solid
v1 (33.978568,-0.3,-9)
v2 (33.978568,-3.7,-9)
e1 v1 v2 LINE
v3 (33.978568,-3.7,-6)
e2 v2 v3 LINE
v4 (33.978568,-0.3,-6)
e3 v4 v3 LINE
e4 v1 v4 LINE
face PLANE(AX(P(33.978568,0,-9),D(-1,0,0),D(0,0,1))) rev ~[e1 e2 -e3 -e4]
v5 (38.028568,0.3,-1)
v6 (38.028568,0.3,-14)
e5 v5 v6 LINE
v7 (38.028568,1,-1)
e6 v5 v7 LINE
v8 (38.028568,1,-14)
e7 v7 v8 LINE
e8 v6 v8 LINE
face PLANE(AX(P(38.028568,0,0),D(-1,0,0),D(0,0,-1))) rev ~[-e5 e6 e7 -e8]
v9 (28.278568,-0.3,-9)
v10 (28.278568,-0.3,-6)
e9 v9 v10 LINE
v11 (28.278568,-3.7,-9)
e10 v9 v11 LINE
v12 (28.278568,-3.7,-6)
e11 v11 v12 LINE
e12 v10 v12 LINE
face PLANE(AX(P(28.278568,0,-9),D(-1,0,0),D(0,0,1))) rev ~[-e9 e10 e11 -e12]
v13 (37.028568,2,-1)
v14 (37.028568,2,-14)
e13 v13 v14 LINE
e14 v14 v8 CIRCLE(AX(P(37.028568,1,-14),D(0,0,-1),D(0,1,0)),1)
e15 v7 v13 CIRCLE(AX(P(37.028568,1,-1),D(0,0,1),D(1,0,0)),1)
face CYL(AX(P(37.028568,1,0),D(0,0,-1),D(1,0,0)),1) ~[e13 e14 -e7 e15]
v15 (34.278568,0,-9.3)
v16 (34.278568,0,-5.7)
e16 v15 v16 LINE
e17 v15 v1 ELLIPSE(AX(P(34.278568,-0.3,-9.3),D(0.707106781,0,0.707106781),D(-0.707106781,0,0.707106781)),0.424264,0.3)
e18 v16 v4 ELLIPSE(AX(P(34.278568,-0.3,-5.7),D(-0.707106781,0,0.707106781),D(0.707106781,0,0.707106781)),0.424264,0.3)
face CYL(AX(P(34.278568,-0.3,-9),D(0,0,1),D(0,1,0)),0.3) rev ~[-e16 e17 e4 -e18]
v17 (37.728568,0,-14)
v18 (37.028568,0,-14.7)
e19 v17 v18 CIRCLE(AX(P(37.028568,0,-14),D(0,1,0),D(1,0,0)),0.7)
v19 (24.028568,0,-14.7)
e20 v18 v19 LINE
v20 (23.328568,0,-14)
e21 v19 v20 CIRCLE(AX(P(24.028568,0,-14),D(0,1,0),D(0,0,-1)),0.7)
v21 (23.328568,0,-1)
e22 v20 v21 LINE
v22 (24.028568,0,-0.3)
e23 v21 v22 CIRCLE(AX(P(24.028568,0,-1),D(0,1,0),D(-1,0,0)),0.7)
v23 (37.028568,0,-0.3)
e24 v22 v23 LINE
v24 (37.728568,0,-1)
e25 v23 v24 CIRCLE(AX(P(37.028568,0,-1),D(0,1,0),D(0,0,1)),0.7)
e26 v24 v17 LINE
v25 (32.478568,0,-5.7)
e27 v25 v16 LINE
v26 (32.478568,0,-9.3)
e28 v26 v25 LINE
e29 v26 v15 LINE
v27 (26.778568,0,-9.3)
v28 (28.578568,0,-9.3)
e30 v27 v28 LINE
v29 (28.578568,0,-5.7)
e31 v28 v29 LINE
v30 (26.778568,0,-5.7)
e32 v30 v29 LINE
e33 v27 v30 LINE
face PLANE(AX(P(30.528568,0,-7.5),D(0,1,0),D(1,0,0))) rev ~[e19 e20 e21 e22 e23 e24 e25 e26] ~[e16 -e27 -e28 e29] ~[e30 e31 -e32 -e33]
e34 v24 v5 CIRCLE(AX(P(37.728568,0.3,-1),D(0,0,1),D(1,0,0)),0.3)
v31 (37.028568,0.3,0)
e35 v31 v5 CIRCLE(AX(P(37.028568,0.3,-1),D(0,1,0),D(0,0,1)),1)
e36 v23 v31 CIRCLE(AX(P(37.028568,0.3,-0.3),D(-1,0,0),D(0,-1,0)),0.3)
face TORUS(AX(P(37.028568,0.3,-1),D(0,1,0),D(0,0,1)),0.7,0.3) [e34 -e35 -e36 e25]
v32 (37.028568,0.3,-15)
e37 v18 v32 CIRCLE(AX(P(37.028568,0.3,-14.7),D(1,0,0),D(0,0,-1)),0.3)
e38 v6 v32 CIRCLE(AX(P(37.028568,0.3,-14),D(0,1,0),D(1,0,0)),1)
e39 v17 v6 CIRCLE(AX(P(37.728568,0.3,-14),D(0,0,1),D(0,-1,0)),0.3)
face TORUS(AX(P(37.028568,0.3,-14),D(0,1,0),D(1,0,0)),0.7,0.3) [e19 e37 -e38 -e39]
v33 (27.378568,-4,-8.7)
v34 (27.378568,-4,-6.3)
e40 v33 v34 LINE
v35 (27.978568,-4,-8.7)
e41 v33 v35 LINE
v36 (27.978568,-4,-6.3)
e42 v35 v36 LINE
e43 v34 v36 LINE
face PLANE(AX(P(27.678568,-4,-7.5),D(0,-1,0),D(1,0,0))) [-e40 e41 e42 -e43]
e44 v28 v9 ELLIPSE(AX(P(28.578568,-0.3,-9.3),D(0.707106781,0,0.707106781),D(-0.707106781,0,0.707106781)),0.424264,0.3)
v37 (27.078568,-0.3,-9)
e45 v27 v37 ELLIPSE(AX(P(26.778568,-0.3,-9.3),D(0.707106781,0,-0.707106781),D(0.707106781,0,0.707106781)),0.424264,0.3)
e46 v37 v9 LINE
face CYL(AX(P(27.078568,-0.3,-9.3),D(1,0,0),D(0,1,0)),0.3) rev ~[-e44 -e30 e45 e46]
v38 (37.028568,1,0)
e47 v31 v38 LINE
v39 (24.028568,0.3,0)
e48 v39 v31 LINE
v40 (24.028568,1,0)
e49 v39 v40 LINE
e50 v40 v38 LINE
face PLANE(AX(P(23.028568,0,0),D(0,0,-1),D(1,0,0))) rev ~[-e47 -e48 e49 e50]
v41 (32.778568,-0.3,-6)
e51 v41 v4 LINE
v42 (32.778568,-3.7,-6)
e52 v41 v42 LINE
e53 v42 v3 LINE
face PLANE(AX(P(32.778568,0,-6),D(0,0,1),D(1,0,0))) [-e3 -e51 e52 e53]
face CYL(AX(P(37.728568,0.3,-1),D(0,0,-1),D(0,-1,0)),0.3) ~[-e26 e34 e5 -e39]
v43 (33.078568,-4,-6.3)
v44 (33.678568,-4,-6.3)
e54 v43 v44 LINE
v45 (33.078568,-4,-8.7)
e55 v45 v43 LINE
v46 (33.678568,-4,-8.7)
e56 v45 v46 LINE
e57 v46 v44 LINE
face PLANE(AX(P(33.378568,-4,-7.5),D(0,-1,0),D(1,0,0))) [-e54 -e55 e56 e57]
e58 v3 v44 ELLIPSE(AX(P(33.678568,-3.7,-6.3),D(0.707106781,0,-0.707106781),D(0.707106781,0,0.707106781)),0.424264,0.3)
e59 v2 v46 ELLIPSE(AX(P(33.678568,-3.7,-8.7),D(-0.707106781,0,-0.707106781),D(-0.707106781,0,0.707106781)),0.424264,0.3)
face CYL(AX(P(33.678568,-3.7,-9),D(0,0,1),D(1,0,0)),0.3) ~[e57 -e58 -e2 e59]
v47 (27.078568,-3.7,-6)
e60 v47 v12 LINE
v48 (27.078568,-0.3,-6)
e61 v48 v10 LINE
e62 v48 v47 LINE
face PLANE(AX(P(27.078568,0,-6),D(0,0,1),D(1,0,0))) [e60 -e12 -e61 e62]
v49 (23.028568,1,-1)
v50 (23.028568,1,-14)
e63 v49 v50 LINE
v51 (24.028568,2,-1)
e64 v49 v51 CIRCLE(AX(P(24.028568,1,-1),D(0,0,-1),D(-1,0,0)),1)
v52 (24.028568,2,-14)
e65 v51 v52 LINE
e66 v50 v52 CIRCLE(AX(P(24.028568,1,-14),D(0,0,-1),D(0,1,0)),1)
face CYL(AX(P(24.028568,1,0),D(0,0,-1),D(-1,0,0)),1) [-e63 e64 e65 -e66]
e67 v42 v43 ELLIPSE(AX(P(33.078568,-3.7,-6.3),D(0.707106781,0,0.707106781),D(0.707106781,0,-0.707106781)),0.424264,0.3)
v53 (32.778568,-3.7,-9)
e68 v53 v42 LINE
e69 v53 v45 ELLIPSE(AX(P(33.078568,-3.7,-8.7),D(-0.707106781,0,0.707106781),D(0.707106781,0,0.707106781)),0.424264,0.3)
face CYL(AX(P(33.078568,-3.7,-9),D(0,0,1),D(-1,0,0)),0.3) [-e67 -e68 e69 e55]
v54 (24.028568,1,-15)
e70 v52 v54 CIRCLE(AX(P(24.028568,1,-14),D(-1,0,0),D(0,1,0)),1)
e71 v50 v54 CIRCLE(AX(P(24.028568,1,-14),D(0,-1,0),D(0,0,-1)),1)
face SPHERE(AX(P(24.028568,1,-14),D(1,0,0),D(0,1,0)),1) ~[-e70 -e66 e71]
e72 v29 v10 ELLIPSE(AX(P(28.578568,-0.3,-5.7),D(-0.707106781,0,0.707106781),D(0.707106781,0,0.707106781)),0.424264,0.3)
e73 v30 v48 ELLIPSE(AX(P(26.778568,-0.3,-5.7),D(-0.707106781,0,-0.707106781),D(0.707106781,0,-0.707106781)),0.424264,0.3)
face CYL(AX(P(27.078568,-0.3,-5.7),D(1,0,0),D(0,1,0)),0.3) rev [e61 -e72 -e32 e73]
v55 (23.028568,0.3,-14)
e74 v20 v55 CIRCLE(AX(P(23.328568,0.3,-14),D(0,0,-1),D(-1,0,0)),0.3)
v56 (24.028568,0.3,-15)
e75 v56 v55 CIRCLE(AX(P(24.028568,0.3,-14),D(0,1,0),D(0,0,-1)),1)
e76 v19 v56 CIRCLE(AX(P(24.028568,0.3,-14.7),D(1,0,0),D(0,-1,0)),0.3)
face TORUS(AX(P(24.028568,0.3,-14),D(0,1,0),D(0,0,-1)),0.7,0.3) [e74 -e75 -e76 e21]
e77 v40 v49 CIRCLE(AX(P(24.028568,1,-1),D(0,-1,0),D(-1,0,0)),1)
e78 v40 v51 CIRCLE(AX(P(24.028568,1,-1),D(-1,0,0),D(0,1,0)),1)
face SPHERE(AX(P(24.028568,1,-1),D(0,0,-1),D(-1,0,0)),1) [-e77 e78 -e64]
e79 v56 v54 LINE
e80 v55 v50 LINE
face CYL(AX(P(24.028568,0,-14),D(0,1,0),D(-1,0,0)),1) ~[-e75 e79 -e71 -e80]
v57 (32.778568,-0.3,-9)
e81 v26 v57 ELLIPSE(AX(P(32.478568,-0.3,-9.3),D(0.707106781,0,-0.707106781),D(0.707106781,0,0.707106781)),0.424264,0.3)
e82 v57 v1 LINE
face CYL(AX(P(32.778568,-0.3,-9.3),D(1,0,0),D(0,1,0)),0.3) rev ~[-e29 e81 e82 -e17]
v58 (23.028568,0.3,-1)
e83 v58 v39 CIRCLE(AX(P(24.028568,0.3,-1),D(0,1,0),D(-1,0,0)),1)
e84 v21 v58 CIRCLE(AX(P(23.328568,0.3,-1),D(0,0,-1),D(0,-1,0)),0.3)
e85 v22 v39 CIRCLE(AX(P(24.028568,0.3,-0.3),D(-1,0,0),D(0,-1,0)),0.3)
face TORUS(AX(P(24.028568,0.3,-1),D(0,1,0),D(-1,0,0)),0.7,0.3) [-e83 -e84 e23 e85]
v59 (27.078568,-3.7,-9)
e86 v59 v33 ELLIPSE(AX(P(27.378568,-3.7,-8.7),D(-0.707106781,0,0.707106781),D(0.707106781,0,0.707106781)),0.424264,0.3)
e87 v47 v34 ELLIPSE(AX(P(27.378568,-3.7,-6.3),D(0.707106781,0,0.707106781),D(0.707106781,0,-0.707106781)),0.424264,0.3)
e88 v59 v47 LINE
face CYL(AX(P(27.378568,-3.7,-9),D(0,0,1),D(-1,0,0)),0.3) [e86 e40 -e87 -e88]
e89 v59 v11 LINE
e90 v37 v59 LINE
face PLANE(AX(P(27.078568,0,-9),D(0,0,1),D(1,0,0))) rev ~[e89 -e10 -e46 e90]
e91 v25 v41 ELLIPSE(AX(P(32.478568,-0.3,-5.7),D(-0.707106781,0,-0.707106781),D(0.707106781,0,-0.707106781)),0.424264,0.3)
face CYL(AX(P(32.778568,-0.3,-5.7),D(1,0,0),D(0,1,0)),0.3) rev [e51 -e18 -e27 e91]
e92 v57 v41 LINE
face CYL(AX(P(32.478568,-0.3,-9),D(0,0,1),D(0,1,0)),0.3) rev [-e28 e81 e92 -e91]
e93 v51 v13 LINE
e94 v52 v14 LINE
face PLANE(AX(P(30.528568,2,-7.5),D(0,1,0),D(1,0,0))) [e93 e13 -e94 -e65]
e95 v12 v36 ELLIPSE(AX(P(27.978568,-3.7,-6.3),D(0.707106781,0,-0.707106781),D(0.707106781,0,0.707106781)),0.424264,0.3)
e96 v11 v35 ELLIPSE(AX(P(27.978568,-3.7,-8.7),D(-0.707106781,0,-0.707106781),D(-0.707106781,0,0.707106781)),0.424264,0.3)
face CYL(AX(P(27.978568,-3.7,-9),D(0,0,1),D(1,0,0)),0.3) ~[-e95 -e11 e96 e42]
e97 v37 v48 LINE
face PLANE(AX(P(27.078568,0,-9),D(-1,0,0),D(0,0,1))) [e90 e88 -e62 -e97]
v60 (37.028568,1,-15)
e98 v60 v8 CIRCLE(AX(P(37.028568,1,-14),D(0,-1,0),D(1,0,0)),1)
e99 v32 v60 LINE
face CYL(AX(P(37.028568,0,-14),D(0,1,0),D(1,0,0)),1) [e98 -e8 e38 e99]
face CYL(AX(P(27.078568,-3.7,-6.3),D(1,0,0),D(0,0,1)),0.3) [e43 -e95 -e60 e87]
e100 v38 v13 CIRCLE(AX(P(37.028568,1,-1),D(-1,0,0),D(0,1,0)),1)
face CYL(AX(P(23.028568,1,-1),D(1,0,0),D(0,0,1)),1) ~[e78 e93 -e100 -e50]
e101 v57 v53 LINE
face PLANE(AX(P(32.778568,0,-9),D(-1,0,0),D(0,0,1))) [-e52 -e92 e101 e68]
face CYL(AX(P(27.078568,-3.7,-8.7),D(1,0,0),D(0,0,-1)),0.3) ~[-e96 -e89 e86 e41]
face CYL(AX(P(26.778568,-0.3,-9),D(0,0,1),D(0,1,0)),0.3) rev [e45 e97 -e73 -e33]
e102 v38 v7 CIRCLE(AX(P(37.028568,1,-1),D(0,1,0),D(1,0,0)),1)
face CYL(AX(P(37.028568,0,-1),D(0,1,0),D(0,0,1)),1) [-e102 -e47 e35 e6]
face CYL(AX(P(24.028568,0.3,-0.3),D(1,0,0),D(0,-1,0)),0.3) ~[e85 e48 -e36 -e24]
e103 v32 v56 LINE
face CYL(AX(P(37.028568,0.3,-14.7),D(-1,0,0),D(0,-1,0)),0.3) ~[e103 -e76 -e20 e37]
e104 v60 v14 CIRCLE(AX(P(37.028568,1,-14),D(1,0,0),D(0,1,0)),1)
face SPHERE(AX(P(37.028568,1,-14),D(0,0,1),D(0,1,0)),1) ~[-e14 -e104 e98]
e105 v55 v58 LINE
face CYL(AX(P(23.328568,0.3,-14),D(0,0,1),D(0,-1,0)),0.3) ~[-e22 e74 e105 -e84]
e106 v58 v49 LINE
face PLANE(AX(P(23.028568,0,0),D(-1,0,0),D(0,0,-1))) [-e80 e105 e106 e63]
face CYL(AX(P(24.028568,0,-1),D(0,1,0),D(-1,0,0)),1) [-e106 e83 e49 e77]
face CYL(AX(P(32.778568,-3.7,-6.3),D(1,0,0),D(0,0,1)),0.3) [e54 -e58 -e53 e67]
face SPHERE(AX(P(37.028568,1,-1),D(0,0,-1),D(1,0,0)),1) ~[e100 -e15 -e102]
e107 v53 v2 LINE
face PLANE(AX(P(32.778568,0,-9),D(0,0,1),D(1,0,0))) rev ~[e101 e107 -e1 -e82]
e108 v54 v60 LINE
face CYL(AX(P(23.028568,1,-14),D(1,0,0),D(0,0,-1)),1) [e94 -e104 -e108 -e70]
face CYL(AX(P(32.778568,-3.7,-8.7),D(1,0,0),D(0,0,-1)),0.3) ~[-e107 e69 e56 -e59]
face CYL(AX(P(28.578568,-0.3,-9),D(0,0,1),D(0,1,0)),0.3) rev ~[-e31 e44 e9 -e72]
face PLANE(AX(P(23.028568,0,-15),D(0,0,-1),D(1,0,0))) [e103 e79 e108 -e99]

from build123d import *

# Parameters (mm, degrees)
SKETCH_1_W      = 15
SKETCH_1_H      = 15
EXTRUDE_1_DEPTH = 2
FILLET_1_R      = 1
SKETCH_2_W      = 1.2
SKETCH_2_H      = 3
EXTRUDE_2_DEPTH = 4
FILLET_2_R      = 0.3


with BuildPart() as part:
    # 草图1 → 凸台-拉伸1 (new body)
    with BuildSketch(Plane(origin=(0, 0, 0), x_dir=(1, 0, 0), z_dir=(0, 1, 0))):
        with Locations((30.528568239, 7.5)):
            Rectangle(SKETCH_1_W, SKETCH_1_H)
    extrude(amount=EXTRUDE_1_DEPTH)

    # 圆角1
    fillet_1_edges = [part.edges().sort_by_distance(p)[0] for p in [
        (38.028568239, 2, -7.5),
        (30.528568239, 2, -15),
        (23.028568239, 2, -7.5),
        (23.028568239, 1, -15),
        (38.028568239, 1, -15),
        (38.028568239, 1, 0),
        (23.028568239, 1, 0),
        (30.528568239, 2, 0),
    ]]
    fillet(fillet_1_edges, radius=FILLET_1_R)

    # 草图2 → 凸台-拉伸2 (add)
    with BuildSketch(Plane.XZ):
        with Locations((33.378568239, -7.5)):
            Rectangle(SKETCH_2_W, SKETCH_2_H)
        with Locations((27.678568239, -7.5)):
            Rectangle(SKETCH_2_W, SKETCH_2_H)
    extrude(amount=EXTRUDE_2_DEPTH)

    # 圆角2
    fillet_2_edges = [part.edges().sort_by_distance(p)[0] for p in [
        (30.528568239, 0, 0),
        (38.028568239, 0, -7.5),
        (23.028568239, 0, -7.5),
        (30.528568239, 0, -15),
        (23.321461458, 0, -0.292893219),
        (37.73567502, 0, -0.292893219),
        (23.321461458, 0, -14.707106781),
        (37.73567502, 0, -14.707106781),
        (28.278568239, 0, -7.5),
        (27.678568239, 0, -6),
        (27.078568239, 0, -7.5),
        (27.678568239, 0, -9),
        (28.278568239, -4, -7.5),
        (27.678568239, -4, -6),
        (27.078568239, -4, -7.5),
        (27.678568239, -4, -9),
        (33.978568239, 0, -7.5),
        (33.378568239, 0, -6),
        (32.778568239, 0, -7.5),
        (33.378568239, 0, -9),
        (33.978568239, -4, -7.5),
        (33.378568239, -4, -6),
        (32.778568239, -4, -7.5),
        (33.378568239, -4, -9),
    ]]
    fillet(fillet_2_edges, radius=FILLET_2_R)


solid = part.part
